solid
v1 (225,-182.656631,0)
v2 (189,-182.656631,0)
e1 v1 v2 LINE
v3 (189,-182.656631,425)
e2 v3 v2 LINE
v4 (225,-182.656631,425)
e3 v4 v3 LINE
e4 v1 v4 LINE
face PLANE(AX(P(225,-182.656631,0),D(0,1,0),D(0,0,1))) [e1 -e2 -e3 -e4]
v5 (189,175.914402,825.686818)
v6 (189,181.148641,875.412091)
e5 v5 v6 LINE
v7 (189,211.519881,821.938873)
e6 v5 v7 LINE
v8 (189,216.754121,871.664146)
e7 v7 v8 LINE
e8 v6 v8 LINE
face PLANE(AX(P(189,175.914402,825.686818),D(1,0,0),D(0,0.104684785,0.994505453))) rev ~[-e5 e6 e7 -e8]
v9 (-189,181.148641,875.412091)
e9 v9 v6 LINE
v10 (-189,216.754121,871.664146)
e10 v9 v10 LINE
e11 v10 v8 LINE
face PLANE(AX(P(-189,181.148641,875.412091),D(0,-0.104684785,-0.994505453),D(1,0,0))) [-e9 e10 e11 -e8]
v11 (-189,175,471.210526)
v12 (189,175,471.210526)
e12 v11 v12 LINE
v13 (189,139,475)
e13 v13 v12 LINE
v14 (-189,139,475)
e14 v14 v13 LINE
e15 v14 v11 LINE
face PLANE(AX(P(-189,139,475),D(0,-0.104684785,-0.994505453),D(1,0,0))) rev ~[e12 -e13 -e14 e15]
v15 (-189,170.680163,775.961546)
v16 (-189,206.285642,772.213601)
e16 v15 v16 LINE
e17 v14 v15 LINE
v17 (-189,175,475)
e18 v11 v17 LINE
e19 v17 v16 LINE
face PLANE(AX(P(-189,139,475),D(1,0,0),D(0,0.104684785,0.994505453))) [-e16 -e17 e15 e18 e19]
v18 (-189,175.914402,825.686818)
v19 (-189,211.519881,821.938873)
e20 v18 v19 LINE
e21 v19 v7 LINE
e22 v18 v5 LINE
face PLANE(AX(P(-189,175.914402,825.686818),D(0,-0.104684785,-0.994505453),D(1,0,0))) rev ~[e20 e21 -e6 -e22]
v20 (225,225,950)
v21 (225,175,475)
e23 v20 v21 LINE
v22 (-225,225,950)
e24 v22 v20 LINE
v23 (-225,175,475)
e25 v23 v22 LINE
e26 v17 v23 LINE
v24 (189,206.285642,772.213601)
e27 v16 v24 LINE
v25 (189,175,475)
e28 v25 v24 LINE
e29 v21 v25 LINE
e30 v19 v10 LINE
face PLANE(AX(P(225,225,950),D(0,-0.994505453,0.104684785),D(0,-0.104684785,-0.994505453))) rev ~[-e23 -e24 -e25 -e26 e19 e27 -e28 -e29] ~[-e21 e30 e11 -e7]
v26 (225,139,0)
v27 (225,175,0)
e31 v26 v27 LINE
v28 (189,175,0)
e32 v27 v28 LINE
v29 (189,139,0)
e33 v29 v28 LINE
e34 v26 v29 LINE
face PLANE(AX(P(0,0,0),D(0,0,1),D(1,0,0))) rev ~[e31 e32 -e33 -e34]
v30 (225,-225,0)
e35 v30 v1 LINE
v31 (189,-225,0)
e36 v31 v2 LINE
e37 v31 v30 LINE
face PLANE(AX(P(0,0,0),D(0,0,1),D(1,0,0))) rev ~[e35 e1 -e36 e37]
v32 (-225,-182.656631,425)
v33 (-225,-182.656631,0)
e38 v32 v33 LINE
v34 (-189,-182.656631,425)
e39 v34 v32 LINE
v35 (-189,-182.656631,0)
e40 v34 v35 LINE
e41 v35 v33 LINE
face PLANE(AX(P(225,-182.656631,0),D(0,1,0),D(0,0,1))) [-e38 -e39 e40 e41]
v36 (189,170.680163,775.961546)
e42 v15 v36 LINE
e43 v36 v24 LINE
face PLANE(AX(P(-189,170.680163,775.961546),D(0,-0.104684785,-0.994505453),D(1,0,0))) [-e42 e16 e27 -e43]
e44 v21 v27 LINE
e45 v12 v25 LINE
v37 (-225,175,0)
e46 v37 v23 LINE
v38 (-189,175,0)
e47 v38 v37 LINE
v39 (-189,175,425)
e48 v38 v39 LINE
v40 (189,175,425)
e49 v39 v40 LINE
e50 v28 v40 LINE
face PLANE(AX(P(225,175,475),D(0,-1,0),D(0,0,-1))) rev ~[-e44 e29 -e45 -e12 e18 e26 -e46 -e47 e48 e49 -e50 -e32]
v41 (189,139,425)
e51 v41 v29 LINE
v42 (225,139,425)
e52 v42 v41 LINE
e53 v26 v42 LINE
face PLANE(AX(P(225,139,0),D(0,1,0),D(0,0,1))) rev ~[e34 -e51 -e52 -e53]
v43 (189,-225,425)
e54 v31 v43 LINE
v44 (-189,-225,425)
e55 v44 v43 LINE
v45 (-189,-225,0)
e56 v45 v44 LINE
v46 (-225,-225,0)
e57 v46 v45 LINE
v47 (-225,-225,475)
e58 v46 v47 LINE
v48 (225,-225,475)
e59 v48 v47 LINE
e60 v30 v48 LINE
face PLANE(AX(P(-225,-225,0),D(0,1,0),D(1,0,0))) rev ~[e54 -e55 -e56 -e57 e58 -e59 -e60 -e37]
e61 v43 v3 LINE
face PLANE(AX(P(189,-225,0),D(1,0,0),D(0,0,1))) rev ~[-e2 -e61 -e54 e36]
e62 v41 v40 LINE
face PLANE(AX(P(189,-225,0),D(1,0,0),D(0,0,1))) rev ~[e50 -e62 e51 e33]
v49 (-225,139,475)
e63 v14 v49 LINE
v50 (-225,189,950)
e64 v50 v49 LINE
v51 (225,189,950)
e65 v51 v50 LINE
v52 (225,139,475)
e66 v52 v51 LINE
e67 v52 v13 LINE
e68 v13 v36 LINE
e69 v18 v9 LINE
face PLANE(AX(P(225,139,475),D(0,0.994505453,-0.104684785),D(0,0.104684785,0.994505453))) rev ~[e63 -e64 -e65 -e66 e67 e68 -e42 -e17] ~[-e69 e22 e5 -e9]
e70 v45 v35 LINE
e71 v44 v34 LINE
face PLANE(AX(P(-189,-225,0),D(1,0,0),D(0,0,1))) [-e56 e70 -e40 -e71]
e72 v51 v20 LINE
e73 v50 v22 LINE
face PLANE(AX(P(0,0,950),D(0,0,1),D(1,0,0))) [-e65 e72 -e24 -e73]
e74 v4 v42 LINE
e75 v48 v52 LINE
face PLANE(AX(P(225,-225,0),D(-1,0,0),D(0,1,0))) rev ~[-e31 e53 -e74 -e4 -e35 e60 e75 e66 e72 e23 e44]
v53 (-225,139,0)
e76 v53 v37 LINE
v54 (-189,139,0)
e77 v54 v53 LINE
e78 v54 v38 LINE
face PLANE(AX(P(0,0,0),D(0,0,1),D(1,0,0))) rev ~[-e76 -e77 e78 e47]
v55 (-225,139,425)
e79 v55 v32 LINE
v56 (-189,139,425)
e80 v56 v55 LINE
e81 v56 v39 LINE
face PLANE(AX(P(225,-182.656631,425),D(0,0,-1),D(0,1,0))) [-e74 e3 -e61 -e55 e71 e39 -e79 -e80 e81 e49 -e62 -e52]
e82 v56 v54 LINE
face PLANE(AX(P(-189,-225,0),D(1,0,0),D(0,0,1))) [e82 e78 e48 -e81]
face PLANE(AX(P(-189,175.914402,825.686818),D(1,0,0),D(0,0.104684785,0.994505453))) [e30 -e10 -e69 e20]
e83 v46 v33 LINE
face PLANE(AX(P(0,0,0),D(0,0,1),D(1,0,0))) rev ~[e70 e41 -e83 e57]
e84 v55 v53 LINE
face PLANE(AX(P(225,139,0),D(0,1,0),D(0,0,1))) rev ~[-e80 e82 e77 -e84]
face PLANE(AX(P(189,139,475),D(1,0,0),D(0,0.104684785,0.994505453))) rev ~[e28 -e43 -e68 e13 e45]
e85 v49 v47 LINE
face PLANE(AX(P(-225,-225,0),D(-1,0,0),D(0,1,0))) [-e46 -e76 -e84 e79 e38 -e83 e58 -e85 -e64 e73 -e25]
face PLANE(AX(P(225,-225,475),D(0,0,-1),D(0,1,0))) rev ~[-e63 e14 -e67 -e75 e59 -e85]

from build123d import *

# Parameters (mm, degrees)
F0_W     = 450
F0_H     = 450
F1_DEPTH = 950
F2_W     = 50
F2_H     = 50
F2_W_2   = 321.6566308737
F2_H_2   = 425
F3_DEPTH = 450.001
F4_W     = 378
F4_H     = 425
F5_DEPTH = 450.001
F6_W     = 378
F6_H     = 50
F6_H_2   = 302.6243293636
F7_DEPTH = 135.2537415973


with BuildPart() as f1:
    # F0 (on Top) → F1 (new body)
    with BuildSketch(Plane.XY):
        Rectangle(F0_W, F0_H)
    extrude(amount=F1_DEPTH)

    # F2 (on face) → F3 (cut, through all)
    with BuildSketch(Plane.YZ.offset(225)):
        with Locations((200, 450)):
            Rectangle(F2_W, F2_H)
        Polygon((-182.6566308737, 475), (139, 475), (189, 950), (-225, 950), (-225, 475), align=None)
        with Locations((-21.8283154368, 212.5)):
            Rectangle(F2_W_2, F2_H_2)
        with Locations((200, 212.5)):
            Rectangle(F2_W, F2_H_2)
        Polygon((175, 475), (225, 475), (225, 950), align=None)
    extrude(amount=-F3_DEPTH, mode=Mode.SUBTRACT)

    # F4 (on face) → F5 (cut, through all)
    with BuildSketch(Plane.XZ.offset(225)):
        with Locations((0, 212.5)):
            Rectangle(F4_W, F4_H)
    extrude(amount=-F5_DEPTH, mode=Mode.SUBTRACT)

    # F6 (on face) → F7 (cut, through all)
    with BuildSketch(Plane(origin=(0, 88.0246575342, -9.2657534247), x_dir=(1, 0, 0), z_dir=(0, -0.9945054529, 0.1046847845))):
        with Locations((0, 864.5656045492)):
            Rectangle(F6_W, F6_H)
        with Locations((0, 638.2534398675)):
            Rectangle(F6_W, F6_H_2)
    extrude(amount=-F7_DEPTH, mode=Mode.SUBTRACT)


solid = f1.part
